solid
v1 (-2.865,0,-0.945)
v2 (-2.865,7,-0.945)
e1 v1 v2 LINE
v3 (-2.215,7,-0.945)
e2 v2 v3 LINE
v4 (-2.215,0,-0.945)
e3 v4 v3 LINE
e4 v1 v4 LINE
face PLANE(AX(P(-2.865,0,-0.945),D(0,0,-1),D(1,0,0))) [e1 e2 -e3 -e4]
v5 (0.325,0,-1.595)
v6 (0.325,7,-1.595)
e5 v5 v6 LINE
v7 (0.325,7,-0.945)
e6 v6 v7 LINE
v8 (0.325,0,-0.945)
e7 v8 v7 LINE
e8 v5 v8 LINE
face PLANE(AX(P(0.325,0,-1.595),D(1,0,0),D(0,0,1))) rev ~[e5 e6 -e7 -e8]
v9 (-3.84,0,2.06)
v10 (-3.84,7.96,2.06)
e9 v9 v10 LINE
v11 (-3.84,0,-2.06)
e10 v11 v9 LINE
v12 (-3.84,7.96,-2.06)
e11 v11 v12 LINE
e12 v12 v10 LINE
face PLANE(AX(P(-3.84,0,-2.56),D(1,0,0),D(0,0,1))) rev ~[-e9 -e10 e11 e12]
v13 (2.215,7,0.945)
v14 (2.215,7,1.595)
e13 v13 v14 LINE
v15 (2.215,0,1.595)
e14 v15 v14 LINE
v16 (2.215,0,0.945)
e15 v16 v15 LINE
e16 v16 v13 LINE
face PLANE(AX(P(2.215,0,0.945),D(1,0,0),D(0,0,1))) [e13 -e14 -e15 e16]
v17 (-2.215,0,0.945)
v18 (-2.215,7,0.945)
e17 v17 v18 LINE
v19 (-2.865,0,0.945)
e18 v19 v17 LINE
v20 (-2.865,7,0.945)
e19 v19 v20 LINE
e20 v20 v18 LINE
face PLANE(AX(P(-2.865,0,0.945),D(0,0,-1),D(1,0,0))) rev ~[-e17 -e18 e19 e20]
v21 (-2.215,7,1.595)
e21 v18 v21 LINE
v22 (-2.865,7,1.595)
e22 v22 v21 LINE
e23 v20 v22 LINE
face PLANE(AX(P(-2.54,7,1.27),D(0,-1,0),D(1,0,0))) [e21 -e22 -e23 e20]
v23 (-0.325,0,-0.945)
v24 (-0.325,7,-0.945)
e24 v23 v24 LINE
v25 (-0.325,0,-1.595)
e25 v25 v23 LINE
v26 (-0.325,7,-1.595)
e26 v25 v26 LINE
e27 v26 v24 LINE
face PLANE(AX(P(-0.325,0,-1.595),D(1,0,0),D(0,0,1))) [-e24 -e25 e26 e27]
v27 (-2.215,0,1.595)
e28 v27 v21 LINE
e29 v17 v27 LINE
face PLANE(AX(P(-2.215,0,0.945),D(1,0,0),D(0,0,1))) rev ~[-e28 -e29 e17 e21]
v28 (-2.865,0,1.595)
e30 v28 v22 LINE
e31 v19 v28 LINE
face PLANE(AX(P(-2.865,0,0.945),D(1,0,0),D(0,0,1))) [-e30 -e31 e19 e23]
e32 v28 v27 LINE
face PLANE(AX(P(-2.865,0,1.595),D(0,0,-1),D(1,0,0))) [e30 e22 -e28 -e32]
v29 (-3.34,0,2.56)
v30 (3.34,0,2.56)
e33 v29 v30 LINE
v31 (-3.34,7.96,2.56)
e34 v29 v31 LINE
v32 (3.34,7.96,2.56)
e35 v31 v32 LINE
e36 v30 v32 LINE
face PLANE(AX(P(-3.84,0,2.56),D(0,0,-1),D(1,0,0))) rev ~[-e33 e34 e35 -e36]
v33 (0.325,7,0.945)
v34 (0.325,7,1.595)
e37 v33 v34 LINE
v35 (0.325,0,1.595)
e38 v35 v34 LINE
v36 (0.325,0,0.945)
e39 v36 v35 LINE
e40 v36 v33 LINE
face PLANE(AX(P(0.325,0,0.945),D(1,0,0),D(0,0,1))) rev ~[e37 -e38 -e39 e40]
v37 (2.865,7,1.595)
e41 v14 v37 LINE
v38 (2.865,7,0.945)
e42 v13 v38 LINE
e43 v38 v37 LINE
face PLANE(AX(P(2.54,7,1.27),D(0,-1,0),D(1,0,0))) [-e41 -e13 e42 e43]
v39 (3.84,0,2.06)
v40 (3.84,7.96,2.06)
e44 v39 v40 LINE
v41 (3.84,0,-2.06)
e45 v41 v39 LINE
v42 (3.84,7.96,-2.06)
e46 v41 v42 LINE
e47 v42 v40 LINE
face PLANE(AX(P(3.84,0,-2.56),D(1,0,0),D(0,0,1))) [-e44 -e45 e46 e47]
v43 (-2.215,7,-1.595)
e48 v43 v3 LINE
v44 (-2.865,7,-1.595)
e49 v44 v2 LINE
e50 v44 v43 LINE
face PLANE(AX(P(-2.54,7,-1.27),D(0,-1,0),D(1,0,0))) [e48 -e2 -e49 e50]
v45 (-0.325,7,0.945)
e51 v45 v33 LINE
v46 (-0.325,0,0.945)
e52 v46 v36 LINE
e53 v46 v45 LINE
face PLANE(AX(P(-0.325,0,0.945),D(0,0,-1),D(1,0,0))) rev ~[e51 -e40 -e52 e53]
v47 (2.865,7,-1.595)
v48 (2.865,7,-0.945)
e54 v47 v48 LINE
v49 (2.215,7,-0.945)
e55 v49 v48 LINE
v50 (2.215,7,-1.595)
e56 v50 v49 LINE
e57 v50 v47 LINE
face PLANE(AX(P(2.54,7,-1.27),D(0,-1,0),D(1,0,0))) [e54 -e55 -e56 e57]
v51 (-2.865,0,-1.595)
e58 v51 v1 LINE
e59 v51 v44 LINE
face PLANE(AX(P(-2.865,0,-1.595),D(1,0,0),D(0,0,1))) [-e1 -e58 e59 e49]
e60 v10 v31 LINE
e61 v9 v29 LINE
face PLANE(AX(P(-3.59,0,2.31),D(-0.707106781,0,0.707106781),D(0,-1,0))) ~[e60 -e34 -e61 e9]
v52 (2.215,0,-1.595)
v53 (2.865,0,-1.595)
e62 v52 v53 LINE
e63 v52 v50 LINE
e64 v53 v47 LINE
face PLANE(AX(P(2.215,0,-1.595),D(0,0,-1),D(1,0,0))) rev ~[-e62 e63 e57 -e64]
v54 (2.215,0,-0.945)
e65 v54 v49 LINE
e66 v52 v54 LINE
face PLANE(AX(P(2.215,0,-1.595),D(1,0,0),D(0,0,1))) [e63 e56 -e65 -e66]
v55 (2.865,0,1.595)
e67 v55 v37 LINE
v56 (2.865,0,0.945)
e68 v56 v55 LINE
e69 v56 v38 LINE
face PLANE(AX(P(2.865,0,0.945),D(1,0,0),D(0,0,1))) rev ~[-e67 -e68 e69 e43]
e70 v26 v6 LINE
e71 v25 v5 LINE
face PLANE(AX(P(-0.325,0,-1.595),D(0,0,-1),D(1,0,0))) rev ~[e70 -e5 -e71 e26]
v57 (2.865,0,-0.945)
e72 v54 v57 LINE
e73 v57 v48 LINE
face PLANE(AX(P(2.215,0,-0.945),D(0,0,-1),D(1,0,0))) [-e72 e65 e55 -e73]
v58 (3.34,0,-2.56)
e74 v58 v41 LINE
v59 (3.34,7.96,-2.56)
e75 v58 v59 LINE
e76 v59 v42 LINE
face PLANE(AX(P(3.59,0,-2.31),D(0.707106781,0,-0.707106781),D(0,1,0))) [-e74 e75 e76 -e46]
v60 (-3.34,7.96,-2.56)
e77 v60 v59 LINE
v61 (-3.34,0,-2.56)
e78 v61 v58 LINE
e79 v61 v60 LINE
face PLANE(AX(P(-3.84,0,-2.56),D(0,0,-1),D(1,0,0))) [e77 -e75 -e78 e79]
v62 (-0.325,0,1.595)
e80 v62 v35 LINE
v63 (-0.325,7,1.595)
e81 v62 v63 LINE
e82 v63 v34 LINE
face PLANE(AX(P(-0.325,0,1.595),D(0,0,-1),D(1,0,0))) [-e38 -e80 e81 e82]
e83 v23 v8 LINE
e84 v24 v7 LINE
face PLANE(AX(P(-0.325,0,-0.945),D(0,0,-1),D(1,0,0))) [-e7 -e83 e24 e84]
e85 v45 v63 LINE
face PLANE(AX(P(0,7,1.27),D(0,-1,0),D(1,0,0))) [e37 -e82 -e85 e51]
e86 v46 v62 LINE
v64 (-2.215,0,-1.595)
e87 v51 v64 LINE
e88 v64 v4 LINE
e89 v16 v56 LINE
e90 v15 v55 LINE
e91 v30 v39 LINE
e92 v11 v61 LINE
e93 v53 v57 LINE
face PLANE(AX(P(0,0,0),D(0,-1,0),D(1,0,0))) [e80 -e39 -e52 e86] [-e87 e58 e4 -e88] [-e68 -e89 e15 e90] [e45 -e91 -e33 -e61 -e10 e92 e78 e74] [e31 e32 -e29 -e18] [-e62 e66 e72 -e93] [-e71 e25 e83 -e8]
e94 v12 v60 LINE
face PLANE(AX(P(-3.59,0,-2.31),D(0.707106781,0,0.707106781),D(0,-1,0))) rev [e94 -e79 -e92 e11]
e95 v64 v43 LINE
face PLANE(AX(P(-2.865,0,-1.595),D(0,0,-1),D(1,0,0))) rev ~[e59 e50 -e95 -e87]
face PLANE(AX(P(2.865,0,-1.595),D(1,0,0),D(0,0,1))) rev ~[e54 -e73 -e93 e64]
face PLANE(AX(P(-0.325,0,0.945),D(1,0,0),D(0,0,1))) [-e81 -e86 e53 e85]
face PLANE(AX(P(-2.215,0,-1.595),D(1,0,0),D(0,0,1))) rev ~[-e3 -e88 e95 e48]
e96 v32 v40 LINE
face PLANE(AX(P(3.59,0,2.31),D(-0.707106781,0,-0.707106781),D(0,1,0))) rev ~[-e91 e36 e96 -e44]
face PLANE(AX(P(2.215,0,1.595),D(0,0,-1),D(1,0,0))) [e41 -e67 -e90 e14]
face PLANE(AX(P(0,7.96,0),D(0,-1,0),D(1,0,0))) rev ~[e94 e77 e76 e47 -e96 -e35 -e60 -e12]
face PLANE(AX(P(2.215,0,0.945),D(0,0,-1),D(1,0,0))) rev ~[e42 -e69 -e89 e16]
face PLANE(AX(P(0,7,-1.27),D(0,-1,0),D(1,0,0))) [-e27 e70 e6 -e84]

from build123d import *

# Parameters (mm, degrees)
F0_W     = 7.68
F0_H     = 5.12
F0_W_2   = 0.65
F0_H_2   = 0.65
F1_DEPTH = 7.96
F2_DEPTH = 7
F3_SIZE  = 0.5


with BuildPart() as f1:
    # F0 (on Front) → F1 (new body)
    with BuildSketch(Plane.XZ):
        Rectangle(F0_W, F0_H)
        with Locations((-2.54, -1.27)):
            Rectangle(F0_W_2, F0_H_2, mode=Mode.SUBTRACT)
        with Locations((0, -1.27)):
            Rectangle(F0_W_2, F0_H_2, mode=Mode.SUBTRACT)
        with Locations((2.54, -1.27)):
            Rectangle(F0_W_2, F0_H_2, mode=Mode.SUBTRACT)
        with Locations((-2.54, 1.27)):
            Rectangle(F0_W_2, F0_H_2, mode=Mode.SUBTRACT)
        with Locations((0, 1.27)):
            Rectangle(F0_W_2, F0_H_2, mode=Mode.SUBTRACT)
        with Locations((2.54, 1.27)):
            Rectangle(F0_W_2, F0_H_2, mode=Mode.SUBTRACT)
        with Locations((-2.54, 1.27)):
            Rectangle(F0_W_2, F0_H_2)
        with Locations((0, 1.27)):
            Rectangle(F0_W_2, F0_H_2)
        with Locations((2.54, 1.27)):
            Rectangle(F0_W_2, F0_H_2)
        with Locations((2.54, -1.27)):
            Rectangle(F0_W_2, F0_H_2)
        with Locations((0, -1.27)):
            Rectangle(F0_W_2, F0_H_2)
        with Locations((-2.54, -1.27)):
            Rectangle(F0_W_2, F0_H_2)
    extrude(amount=-F1_DEPTH)

    # F0 (on Front) → F2 (cut)
    with BuildSketch(Plane.XZ):
        with Locations((-2.54, 1.27)):
            Rectangle(F0_W_2, F0_H_2)
        with Locations((0, 1.27)):
            Rectangle(F0_W_2, F0_H_2)
        with Locations((2.54, 1.27)):
            Rectangle(F0_W_2, F0_H_2)
        with Locations((2.54, -1.27)):
            Rectangle(F0_W_2, F0_H_2)
        with Locations((0, -1.27)):
            Rectangle(F0_W_2, F0_H_2)
        with Locations((-2.54, -1.27)):
            Rectangle(F0_W_2, F0_H_2)
    extrude(amount=-F2_DEPTH, mode=Mode.SUBTRACT)

    # F3
    f3_edges = [f1.edges().sort_by_distance(p)[0] for p in [
        (3.84, 3.98, 2.56),
        (-3.84, 3.98, 2.56),
        (3.84, 3.98, -2.56),
        (-3.84, 3.98, -2.56),
    ]]
    chamfer(f3_edges, length=F3_SIZE)


solid = f1.part
